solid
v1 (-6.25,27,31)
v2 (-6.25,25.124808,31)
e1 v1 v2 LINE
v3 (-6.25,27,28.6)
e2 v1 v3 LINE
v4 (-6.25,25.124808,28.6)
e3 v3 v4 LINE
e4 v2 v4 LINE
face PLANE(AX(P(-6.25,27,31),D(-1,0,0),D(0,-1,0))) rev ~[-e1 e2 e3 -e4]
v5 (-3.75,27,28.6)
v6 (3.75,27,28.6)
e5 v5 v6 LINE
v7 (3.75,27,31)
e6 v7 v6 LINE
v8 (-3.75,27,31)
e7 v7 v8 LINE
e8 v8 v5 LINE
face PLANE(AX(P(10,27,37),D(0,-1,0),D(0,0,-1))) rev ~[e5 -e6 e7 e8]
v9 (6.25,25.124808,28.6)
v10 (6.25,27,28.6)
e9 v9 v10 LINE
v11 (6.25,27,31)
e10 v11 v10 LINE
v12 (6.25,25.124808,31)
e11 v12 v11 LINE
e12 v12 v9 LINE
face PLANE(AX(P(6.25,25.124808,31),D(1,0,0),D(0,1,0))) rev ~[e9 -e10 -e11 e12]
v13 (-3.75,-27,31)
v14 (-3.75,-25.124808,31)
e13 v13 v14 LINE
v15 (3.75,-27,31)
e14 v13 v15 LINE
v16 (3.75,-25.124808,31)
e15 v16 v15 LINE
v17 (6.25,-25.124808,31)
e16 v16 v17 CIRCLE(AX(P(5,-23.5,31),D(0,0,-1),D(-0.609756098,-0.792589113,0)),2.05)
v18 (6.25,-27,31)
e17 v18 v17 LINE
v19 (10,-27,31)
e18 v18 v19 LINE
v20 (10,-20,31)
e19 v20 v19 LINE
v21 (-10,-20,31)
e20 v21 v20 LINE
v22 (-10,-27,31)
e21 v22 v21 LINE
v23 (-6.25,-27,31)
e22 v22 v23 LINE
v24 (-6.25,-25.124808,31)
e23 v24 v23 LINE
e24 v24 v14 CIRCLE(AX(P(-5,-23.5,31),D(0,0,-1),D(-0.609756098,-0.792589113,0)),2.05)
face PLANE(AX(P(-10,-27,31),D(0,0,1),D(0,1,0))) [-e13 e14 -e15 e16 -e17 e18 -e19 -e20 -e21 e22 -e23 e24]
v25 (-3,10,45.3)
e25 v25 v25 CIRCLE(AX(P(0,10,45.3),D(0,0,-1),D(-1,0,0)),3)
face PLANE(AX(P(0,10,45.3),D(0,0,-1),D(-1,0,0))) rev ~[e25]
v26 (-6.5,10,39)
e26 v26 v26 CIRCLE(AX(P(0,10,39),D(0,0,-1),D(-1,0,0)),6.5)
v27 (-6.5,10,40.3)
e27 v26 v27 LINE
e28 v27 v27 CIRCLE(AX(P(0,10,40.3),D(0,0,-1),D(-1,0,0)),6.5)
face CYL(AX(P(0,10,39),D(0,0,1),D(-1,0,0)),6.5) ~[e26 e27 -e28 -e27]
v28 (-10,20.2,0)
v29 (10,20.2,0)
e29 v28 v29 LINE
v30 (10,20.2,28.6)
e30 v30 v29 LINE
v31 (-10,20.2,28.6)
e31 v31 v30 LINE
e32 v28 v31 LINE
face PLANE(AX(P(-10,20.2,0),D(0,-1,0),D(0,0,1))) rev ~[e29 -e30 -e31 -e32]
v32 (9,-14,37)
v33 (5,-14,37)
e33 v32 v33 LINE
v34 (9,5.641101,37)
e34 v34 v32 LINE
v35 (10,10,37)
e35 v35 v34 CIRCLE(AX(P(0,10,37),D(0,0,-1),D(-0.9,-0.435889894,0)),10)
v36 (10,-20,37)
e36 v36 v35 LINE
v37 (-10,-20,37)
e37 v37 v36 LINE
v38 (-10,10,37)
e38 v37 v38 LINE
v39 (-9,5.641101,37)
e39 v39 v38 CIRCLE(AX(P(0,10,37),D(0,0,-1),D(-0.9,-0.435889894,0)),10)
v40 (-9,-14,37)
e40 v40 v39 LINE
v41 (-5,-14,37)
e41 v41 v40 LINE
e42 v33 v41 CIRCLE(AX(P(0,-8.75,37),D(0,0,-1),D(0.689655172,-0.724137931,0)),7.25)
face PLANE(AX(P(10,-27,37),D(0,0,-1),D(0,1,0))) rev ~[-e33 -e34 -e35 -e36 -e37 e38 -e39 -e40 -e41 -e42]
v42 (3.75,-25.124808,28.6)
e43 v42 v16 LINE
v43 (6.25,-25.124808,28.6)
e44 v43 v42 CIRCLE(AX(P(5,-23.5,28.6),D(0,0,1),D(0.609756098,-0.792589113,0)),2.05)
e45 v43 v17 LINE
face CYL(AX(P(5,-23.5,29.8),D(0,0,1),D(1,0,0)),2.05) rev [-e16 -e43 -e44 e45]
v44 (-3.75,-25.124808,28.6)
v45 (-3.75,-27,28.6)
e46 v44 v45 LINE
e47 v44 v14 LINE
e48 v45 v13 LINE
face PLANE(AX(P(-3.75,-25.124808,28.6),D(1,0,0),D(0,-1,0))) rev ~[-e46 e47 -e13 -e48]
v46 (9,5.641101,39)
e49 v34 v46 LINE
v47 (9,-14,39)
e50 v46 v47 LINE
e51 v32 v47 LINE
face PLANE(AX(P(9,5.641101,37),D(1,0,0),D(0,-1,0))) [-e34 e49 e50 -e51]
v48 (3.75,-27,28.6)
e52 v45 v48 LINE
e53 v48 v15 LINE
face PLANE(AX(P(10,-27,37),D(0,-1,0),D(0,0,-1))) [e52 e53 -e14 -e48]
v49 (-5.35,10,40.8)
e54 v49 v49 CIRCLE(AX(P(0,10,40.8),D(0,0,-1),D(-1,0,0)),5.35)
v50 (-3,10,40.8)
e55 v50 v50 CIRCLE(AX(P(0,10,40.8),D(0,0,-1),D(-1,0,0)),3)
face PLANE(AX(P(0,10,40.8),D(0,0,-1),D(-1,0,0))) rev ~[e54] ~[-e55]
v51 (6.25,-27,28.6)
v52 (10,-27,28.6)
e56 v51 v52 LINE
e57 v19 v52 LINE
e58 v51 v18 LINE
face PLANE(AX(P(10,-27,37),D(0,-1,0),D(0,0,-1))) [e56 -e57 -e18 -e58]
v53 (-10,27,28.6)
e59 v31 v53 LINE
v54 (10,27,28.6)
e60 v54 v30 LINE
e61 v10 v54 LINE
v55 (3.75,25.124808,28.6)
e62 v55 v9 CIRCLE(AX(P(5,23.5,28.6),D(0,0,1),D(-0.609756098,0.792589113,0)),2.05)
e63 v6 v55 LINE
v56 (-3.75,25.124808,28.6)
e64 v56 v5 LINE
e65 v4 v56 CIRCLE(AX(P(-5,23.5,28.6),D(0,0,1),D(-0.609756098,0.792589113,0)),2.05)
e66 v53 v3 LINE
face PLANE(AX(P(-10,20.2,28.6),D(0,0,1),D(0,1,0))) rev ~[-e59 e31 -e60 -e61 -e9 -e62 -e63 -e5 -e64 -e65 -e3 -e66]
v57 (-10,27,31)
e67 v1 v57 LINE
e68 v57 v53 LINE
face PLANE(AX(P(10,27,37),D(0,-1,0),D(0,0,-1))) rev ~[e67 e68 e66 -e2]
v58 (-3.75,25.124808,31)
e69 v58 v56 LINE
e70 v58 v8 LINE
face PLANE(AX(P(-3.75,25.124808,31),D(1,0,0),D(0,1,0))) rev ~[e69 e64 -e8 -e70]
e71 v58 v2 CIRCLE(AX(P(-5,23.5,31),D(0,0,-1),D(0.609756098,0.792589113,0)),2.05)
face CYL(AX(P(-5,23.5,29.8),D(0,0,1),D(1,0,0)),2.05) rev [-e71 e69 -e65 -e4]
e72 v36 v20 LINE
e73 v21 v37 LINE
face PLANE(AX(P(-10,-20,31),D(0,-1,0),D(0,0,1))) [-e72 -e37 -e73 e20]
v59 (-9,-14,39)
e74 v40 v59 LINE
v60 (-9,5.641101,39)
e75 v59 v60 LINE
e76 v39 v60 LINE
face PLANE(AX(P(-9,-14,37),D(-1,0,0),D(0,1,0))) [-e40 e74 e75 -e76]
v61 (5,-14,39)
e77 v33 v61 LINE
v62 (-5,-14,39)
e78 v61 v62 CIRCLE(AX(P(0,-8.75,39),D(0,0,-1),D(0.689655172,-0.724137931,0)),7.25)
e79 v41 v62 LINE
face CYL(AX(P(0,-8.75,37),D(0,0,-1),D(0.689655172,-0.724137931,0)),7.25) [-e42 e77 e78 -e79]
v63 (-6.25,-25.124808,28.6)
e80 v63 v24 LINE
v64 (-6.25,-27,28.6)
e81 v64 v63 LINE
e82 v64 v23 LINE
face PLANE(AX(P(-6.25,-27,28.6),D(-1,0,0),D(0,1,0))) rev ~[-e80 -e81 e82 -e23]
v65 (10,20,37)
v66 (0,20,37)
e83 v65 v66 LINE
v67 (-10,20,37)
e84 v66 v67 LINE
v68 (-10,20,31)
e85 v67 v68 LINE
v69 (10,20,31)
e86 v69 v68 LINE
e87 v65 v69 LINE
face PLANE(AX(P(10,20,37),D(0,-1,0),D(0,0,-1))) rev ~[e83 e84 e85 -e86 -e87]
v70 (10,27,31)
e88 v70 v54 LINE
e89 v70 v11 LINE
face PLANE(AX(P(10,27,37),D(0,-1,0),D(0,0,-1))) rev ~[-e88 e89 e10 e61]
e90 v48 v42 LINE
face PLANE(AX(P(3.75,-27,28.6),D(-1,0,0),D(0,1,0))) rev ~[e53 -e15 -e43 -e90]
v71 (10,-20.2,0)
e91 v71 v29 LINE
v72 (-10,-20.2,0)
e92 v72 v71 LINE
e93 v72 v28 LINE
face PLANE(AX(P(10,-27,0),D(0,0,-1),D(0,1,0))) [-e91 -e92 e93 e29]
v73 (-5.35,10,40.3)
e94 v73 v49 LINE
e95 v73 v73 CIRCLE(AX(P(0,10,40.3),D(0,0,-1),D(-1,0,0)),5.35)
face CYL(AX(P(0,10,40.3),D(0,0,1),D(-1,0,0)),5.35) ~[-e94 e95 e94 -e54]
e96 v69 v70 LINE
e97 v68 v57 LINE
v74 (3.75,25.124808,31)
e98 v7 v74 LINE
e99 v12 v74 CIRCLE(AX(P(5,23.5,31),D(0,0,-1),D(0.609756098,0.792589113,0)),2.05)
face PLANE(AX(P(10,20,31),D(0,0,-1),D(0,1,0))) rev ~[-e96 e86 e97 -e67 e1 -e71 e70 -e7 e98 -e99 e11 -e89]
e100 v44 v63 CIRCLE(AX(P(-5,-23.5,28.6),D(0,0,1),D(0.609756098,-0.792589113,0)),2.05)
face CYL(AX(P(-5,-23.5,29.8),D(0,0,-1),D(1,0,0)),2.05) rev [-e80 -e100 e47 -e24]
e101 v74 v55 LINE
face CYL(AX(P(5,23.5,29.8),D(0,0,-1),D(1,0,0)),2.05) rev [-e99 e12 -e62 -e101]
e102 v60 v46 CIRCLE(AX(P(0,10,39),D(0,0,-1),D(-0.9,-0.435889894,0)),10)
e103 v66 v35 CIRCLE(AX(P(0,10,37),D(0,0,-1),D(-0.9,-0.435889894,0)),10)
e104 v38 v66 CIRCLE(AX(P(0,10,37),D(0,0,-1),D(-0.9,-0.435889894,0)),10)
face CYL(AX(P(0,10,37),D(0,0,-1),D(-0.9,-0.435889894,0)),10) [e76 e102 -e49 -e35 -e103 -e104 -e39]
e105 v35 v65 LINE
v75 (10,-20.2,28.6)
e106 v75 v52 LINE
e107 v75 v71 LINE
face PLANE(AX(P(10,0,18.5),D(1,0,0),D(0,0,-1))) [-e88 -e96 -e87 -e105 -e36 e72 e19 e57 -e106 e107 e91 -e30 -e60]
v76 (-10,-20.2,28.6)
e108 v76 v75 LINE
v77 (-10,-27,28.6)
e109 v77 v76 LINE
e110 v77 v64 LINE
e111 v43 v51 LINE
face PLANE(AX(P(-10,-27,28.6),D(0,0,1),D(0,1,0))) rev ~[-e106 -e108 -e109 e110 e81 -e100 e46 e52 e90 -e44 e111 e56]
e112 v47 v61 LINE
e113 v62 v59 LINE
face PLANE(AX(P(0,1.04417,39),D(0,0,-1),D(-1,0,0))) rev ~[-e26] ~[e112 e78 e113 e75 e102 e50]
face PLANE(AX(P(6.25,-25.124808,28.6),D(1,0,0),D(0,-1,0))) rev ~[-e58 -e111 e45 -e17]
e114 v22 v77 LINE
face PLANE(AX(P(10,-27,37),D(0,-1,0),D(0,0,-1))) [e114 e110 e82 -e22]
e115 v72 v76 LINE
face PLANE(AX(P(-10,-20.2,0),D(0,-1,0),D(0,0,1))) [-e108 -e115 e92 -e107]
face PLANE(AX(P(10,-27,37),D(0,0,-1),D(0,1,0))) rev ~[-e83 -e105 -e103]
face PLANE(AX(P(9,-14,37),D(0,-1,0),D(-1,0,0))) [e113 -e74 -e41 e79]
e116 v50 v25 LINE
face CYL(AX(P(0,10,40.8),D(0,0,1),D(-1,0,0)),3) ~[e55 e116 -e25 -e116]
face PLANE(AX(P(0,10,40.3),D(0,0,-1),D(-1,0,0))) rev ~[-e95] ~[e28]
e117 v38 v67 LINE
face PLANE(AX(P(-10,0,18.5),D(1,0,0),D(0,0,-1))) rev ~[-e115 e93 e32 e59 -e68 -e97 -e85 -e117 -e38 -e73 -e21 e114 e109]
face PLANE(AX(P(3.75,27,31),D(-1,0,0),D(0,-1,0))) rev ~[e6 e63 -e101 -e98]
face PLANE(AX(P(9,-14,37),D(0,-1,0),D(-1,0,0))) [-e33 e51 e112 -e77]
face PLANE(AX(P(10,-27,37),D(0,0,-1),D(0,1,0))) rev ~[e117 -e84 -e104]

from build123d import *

# Parameters (mm, degrees)
ESQUISSE1_W             = 37
ESQUISSE1_H             = 54
BOSS_EXTRU_1_DEPTH      = 20
BOSS_EXTRU_2_DEPTH      = 2
ESQUISSE3_W             = 6
ESQUISSE3_H             = 7
ENL_V_MAT_EXTRU_1_DEPTH = 52.478150705
ESQUISSE4_W             = 6
ESQUISSE4_H             = 7
ENL_V_MAT_EXTRU_2_DEPTH = 52.478150705
BOSS_EXTRU_3_DEPTH      = 2
ESQUISSE6_W             = 28.6
ESQUISSE6_H             = 6.8
ENL_V_MAT_EXTRU_3_DEPTH = 52.478150705
ENL_V_MAT_EXTRU_4_DEPTH = 41.582754958
ENL_V_MAT_EXTRU_5_DEPTH = 41.582754958
ESQUISSE9_W             = 28.6
ESQUISSE9_H             = 6.8
ENL_V_MAT_EXTRU_6_DEPTH = 52.478150705
ENL_V_MAT_EXTRU_7_DEPTH = 43.308391603
ENL_V_MAT_EXTRU_8_DEPTH = 43.308391603
ESQUISSE12_W            = 2.05
ESQUISSE12_H            = 2.4
ESQUISSE13_W            = 2.05
ESQUISSE13_H            = 2.4
ESQUISSE14_W            = 2.05
ESQUISSE14_H            = 2.4
ESQUISSE15_W            = 2.05
ESQUISSE15_H            = 2.4


with BuildPart() as part:
    # Esquisse1 → Boss.-Extru.1 (new body)
    with BuildSketch(Plane(origin=(10, 0, 0), x_dir=(0, 0, -1), z_dir=(1, 0, 0))):
        with Locations((-18.5, 0)):
            Rectangle(ESQUISSE1_W, ESQUISSE1_H)
    extrude(amount=-BOSS_EXTRU_1_DEPTH)

    # Esquisse2 → Boss.-Extru.2 (add)
    with BuildSketch(Plane.XY.offset(37)):
        with BuildLine():
            Line((-9, -14), (-9, 5.641101056))
            ThreePointArc((-9, 5.641101056), (0, 20), (9, 5.641101056))
            Line((9, 5.641101056), (9, -14))
            Line((9, -14), (-9, -14))
        make_face()
    extrude(amount=BOSS_EXTRU_2_DEPTH)

    # Esquisse3 → Enlèv. mat.-Extru.1 (cut, through all)
    with BuildSketch(Plane(origin=(10, 0, 0), x_dir=(0, 0, -1), z_dir=(1, 0, 0))):
        with Locations((-34, 23.5)):
            Rectangle(ESQUISSE3_W, ESQUISSE3_H)
    extrude(amount=-ENL_V_MAT_EXTRU_1_DEPTH, mode=Mode.SUBTRACT)

    # Esquisse4 → Enlèv. mat.-Extru.2 (cut, through all)
    with BuildSketch(Plane.ZY.offset(10)):
        with Locations((34, -23.5)):
            Rectangle(ESQUISSE4_W, ESQUISSE4_H)
    extrude(amount=-ENL_V_MAT_EXTRU_2_DEPTH, mode=Mode.SUBTRACT)

    # Esquisse5 → Boss.-Extru.3 (add)
    with BuildSketch(Plane.XY.offset(37)):
        with BuildLine():
            Line((-5, -14), (5, -14))
            ThreePointArc((5, -14), (0, -16), (-5, -14))
        make_face()
    extrude(amount=BOSS_EXTRU_3_DEPTH)

    # Esquisse6 → Enlèv. mat.-Extru.3 (cut, through all)
    with BuildSketch(Plane.ZY.offset(10)):
        with Locations((14.3, -23.6)):
            Rectangle(ESQUISSE6_W, ESQUISSE6_H)
    extrude(amount=-ENL_V_MAT_EXTRU_3_DEPTH, mode=Mode.SUBTRACT)

    # Esquisse7 → Enlèv. mat.-Extru.4 (cut, through all)
    with BuildSketch(Plane(origin=(0, 0, 28.6), x_dir=(-1, 0, 0), z_dir=(0, 0, -1))):
        with BuildLine():
            Line((3.75, -27), (6.25, -27))
            Line((6.25, -27), (6.25, -25.124807681))
            ThreePointArc((6.25, -25.124807681), (5, -25.55), (3.75, -25.124807681))
            Line((3.75, -25.124807681), (3.75, -27))
        make_face()
    extrude(amount=-ENL_V_MAT_EXTRU_4_DEPTH, mode=Mode.SUBTRACT)

    # Esquisse8 → Enlèv. mat.-Extru.5 (cut, through all)
    with BuildSketch(Plane(origin=(0, 0, 28.6), x_dir=(-1, 0, 0), z_dir=(0, 0, -1))):
        with BuildLine():
            Line((-6.25, -27), (-3.75, -27))
            Line((-3.75, -27), (-3.75, -25.124807681))
            ThreePointArc((-3.75, -25.124807681), (-5, -25.55), (-6.25, -25.124807681))
            Line((-6.25, -25.124807681), (-6.25, -27))
        make_face()
    extrude(amount=-ENL_V_MAT_EXTRU_5_DEPTH, mode=Mode.SUBTRACT)

    # Esquisse9 → Enlèv. mat.-Extru.6 (cut, through all)
    with BuildSketch(Plane.ZY.offset(10)):
        with Locations((14.3, 23.6)):
            Rectangle(ESQUISSE9_W, ESQUISSE9_H)
    extrude(amount=-ENL_V_MAT_EXTRU_6_DEPTH, mode=Mode.SUBTRACT)

    # Esquisse10 → Enlèv. mat.-Extru.7 (cut, through all)
    with BuildSketch(Plane.XY.offset(31)):
        with BuildLine():
            Line((-3.75, 27), (-6.25, 27))
            Line((-6.25, 27), (-6.25, 25.124807681))
            ThreePointArc((-6.25, 25.124807681), (-5, 25.55), (-3.75, 25.124807681))
            Line((-3.75, 25.124807681), (-3.75, 27))
        make_face()
    extrude(amount=-ENL_V_MAT_EXTRU_7_DEPTH, mode=Mode.SUBTRACT)

    # Esquisse11 → Enlèv. mat.-Extru.8 (cut, through all)
    with BuildSketch(Plane.XY.offset(31)):
        with BuildLine():
            Line((6.25, 27), (3.75, 27))
            Line((3.75, 27), (3.75, 25.124807681))
            ThreePointArc((3.75, 25.124807681), (5, 25.55), (6.25, 25.124807681))
            Line((6.25, 25.124807681), (6.25, 27))
        make_face()
    extrude(amount=-ENL_V_MAT_EXTRU_8_DEPTH, mode=Mode.SUBTRACT)

    # Esquisse12 → Enlèvement de matière-Révolution1 (revolve, cut)
    with BuildSketch(Plane(origin=(0, 23.5, 0), x_dir=(1, 0, 0), z_dir=(0, 1, 0))):
        with Locations((6.025, -29.8)):
            Rectangle(ESQUISSE12_W, ESQUISSE12_H)
    revolve(axis=Axis((5, 23.5, 28.6), (0, 0, 1)), mode=Mode.SUBTRACT)

    # Esquisse13 → Enlèvement de matière-Révolution2 (revolve, cut)
    with BuildSketch(Plane.XZ.offset(-23.5)):
        with Locations((-3.975, 29.8)):
            Rectangle(ESQUISSE13_W, ESQUISSE13_H)
    revolve(axis=Axis((-5, 23.5, 31), (0, 0, -1)), mode=Mode.SUBTRACT)

    # Esquisse14 → Enlèvement de matière-Révolution3 (revolve, cut)
    with BuildSketch(Plane(origin=(0, -23.5, 0), x_dir=(1, 0, 0), z_dir=(0, 1, 0))):
        with Locations((-3.975, -29.8)):
            Rectangle(ESQUISSE14_W, ESQUISSE14_H)
    revolve(axis=Axis((-5, -23.5, 28.6), (0, 0, 1)), mode=Mode.SUBTRACT)

    # Esquisse15 → Enlèvement de matière-Révolution4 (revolve, cut)
    with BuildSketch(Plane.XZ.offset(23.5)):
        with Locations((6.025, 29.8)):
            Rectangle(ESQUISSE15_W, ESQUISSE15_H)
    revolve(axis=Axis((5, -23.5, 31), (0, 0, -1)), mode=Mode.SUBTRACT)

    # Esquisse16 → Révolution1 (revolve)
    with BuildSketch(Plane.XZ.offset(-10), mode=Mode.PRIVATE) as r_volution1_sk:
        Polygon((3, 45.3), (0, 45.3), (0, 39), (6.5, 39), (6.5, 40.3), (5.35, 40.3), (5.35, 40.8), (3, 40.8), align=None)
    revolve(r_volution1_sk.sketch.rotate(Axis((0, 10, 45.3), (0, 0, -1)), 180), axis=Axis((0, 10, 45.3), (0, 0, -1)))


solid = part.part
